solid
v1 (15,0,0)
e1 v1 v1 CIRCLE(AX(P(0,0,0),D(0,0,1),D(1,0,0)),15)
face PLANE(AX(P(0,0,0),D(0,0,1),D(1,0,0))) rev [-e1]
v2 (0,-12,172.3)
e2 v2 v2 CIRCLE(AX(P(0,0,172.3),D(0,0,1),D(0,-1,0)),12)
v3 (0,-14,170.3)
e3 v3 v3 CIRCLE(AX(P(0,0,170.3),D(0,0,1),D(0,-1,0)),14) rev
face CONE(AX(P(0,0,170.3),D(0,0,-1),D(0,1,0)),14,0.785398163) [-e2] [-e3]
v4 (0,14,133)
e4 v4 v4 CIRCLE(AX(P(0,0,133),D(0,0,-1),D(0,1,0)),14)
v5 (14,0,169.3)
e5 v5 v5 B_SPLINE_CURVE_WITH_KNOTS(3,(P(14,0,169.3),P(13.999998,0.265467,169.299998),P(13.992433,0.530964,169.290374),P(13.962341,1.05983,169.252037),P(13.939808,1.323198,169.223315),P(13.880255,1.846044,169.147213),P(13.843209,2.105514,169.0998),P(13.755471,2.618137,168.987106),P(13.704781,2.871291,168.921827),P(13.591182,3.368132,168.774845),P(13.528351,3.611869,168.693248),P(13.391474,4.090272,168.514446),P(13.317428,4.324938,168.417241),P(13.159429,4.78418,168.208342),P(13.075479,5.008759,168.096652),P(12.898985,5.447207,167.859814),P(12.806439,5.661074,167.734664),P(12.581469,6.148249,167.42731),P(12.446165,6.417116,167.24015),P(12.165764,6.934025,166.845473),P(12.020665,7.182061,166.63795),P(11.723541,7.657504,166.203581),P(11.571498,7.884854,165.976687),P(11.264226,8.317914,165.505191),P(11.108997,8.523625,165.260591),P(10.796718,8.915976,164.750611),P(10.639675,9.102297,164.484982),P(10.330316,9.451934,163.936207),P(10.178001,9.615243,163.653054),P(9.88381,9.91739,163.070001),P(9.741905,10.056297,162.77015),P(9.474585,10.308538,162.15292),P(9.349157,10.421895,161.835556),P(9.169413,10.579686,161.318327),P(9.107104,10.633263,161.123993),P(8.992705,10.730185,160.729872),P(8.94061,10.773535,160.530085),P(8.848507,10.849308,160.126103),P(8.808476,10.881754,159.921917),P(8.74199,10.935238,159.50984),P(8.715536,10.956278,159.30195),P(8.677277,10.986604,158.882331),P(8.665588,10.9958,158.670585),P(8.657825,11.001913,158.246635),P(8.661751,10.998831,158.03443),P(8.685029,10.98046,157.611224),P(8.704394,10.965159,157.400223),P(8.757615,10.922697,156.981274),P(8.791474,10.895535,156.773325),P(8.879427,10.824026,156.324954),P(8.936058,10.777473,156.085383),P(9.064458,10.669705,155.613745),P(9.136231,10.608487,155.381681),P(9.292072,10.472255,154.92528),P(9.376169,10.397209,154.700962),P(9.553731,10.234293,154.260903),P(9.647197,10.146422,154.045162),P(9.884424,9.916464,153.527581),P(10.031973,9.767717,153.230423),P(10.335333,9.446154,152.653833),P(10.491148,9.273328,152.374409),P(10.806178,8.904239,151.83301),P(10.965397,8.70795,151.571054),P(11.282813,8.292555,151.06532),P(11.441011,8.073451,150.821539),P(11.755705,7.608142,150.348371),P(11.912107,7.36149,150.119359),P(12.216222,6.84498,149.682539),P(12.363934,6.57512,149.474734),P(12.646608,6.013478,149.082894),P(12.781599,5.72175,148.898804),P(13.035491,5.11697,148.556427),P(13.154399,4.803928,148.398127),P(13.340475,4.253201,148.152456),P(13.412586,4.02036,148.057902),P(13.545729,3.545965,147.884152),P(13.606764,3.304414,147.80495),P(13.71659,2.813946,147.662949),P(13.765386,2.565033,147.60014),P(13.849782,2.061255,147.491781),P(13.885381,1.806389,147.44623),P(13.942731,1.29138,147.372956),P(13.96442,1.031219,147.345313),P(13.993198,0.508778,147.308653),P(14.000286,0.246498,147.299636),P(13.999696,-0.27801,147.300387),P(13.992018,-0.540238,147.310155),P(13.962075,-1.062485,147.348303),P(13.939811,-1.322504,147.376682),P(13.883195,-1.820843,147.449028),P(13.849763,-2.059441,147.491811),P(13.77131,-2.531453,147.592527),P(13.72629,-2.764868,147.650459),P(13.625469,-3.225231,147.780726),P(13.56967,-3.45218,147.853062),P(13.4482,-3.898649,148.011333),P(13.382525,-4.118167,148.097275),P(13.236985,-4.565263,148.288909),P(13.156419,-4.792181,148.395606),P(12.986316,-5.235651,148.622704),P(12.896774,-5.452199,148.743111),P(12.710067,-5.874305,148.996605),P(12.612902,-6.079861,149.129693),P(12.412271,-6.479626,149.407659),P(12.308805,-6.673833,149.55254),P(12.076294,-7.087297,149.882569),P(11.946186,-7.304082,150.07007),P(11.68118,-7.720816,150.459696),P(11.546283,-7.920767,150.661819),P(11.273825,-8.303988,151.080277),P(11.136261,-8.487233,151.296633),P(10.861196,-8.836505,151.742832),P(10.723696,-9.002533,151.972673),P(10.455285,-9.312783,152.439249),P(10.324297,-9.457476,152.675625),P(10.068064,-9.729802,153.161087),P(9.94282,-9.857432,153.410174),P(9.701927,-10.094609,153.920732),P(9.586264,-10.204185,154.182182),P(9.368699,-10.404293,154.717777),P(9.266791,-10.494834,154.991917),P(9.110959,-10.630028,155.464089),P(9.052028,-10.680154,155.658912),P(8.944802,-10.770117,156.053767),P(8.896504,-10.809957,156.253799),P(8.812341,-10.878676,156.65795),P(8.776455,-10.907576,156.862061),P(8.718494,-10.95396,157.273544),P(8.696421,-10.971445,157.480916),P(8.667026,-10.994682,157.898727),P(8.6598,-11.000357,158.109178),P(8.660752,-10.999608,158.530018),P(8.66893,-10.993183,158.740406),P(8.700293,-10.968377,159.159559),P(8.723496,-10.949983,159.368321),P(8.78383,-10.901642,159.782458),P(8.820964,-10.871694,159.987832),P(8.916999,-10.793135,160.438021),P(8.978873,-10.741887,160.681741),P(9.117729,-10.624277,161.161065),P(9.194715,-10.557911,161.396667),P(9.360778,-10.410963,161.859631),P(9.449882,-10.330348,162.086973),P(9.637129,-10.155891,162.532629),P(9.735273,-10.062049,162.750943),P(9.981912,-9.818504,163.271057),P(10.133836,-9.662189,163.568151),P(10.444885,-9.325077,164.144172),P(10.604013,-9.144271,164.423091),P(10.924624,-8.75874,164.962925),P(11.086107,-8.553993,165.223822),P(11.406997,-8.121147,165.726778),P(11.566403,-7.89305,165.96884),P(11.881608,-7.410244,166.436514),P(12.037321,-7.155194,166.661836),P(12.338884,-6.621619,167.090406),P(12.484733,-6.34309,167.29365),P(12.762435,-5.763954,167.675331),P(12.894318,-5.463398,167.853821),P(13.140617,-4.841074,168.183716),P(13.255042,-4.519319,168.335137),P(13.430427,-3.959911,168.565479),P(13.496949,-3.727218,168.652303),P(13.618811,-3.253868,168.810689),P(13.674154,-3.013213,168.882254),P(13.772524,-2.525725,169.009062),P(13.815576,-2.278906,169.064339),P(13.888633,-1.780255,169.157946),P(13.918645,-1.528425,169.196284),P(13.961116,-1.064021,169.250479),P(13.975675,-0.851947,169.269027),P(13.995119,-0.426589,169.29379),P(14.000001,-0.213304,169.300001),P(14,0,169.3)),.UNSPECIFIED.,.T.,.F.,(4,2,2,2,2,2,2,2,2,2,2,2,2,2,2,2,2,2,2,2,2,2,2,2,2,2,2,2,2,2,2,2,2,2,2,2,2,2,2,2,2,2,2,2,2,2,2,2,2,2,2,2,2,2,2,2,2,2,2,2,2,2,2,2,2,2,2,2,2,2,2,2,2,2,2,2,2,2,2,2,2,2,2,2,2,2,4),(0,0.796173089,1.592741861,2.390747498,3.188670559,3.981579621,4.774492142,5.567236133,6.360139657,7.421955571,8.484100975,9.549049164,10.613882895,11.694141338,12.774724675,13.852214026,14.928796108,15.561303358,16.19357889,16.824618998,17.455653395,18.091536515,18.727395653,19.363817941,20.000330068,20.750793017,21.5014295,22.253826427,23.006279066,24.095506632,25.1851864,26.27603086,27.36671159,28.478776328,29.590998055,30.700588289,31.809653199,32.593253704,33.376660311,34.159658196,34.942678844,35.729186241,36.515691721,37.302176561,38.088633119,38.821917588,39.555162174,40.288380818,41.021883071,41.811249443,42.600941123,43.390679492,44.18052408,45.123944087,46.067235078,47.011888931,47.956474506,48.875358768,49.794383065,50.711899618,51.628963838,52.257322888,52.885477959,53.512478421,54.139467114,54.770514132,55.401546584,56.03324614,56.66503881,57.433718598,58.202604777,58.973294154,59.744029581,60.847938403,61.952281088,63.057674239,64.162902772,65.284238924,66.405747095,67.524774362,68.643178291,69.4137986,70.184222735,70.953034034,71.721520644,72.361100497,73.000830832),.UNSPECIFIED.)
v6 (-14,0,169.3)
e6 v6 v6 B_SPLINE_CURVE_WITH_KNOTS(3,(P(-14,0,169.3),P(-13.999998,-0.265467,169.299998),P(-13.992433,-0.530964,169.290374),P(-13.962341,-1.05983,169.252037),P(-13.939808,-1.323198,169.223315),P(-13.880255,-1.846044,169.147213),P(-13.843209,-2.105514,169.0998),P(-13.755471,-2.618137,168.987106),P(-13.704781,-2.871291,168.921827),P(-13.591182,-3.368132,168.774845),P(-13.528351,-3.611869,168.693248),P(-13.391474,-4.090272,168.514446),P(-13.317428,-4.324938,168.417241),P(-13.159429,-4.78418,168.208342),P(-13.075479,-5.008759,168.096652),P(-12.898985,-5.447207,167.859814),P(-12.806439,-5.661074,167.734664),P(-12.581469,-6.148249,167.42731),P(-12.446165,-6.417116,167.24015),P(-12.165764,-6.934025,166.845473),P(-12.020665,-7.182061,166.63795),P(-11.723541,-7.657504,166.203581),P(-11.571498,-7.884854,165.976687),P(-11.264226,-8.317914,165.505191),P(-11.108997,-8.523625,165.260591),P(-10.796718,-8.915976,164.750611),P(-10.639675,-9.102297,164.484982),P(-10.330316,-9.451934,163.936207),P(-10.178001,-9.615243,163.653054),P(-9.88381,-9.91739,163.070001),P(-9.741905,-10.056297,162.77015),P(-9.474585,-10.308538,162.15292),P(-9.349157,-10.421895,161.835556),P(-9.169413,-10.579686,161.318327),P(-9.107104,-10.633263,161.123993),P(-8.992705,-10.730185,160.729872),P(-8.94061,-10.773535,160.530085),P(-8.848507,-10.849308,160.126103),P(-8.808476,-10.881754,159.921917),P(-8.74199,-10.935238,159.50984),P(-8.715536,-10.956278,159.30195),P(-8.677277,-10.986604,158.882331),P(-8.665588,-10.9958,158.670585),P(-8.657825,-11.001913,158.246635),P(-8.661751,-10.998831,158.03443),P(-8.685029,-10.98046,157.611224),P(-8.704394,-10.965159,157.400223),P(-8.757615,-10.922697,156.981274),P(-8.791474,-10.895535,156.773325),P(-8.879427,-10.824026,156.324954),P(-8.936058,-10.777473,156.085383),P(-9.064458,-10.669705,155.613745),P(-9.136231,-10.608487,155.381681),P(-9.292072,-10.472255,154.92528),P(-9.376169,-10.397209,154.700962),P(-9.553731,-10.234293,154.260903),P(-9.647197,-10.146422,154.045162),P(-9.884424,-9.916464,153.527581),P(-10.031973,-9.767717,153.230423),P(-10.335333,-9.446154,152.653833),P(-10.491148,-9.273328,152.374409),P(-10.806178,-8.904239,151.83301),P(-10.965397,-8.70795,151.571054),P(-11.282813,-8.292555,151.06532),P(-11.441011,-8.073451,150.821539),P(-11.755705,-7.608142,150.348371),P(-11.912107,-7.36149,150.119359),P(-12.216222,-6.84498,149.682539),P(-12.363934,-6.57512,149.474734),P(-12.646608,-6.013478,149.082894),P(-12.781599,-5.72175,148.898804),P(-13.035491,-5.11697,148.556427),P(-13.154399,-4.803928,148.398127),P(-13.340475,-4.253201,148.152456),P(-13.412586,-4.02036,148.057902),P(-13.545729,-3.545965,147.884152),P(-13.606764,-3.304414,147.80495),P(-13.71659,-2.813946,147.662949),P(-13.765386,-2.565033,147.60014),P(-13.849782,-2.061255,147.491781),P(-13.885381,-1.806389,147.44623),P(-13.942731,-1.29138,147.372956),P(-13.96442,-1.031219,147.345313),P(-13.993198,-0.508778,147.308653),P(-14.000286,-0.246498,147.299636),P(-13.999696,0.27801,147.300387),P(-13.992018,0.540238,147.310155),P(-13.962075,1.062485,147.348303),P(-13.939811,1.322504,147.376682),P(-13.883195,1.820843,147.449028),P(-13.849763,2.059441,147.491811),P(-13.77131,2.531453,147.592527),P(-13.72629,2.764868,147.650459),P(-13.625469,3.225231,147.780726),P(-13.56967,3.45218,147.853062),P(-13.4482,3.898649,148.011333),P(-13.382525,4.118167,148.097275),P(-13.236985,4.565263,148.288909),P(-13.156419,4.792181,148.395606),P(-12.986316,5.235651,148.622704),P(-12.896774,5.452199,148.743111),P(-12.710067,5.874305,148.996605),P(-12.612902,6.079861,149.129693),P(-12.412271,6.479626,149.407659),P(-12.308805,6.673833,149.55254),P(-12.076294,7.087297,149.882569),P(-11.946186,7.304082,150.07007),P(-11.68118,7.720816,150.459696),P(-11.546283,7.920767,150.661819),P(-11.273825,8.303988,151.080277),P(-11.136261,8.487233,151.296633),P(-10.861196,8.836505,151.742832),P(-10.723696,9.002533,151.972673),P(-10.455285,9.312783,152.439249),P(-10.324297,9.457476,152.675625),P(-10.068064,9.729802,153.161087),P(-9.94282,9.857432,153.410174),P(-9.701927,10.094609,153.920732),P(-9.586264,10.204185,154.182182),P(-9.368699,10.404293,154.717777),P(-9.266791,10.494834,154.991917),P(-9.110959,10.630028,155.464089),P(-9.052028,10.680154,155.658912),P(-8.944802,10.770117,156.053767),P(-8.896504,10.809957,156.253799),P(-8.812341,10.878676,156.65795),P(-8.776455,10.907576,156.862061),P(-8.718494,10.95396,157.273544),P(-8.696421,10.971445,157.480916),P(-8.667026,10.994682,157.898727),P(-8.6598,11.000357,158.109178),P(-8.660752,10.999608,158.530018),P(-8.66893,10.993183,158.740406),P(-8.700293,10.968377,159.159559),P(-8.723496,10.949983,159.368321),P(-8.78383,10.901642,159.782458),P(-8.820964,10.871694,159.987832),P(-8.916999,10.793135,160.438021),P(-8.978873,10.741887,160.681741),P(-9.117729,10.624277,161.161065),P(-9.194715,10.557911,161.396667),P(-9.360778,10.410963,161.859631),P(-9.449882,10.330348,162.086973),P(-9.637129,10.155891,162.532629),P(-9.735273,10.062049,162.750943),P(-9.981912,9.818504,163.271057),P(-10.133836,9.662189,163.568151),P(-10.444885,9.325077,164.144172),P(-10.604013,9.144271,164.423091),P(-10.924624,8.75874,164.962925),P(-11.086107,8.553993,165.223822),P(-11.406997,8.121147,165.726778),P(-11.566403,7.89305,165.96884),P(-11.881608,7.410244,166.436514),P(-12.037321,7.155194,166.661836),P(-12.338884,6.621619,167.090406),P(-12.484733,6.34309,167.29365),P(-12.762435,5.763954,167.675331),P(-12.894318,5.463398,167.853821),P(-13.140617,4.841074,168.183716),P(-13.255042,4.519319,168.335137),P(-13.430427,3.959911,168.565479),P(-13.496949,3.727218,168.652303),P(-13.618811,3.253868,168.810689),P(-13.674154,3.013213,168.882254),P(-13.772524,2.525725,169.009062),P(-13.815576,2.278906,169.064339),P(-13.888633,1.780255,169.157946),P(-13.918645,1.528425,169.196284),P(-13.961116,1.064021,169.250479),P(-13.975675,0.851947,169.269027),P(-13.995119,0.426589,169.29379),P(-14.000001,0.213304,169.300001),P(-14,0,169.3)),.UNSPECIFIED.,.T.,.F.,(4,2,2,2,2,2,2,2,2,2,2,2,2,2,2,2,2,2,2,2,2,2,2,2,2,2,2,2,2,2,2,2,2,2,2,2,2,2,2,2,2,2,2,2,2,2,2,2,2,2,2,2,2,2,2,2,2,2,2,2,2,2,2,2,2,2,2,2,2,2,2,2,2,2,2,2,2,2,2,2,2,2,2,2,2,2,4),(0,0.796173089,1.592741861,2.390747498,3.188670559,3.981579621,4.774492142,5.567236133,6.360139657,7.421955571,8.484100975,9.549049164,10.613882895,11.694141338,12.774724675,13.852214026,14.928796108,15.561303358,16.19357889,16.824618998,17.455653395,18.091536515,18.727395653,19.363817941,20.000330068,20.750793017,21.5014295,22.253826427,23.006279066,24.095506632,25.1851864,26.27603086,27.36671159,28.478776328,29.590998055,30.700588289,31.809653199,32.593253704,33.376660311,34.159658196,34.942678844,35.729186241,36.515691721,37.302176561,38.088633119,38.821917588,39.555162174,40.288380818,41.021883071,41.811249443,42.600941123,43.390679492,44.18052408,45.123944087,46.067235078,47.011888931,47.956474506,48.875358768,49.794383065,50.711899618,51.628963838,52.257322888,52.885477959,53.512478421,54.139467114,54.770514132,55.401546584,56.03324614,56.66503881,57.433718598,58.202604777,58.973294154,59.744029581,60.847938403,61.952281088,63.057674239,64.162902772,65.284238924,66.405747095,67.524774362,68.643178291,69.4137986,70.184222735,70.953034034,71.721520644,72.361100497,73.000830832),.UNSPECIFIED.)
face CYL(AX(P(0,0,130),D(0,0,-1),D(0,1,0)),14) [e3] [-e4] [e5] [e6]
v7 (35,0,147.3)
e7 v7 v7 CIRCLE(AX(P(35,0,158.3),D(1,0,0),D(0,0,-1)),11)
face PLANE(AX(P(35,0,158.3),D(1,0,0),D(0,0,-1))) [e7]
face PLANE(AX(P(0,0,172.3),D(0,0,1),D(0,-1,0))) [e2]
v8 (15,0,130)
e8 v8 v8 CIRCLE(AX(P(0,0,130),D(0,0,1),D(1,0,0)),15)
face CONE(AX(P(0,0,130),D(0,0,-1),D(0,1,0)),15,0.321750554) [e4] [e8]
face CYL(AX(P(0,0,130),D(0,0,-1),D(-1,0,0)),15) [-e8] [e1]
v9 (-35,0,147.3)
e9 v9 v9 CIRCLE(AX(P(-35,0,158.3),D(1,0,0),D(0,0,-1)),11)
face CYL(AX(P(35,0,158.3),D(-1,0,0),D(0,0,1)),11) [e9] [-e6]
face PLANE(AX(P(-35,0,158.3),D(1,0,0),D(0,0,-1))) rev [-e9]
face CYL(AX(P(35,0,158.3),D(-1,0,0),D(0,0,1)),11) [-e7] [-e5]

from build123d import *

# Parameters (mm, degrees)
SKETCH2_R           = 15
BOSS_EXTRUDE2_DEPTH = 130
SKETCH5_R           = 11
BOSS_EXTRUDE3_DEPTH = 35
CHAMFER1_SIZE       = 2


with BuildPart() as part:
    # Sketch2 → Boss-Extrude2 (new body)
    with BuildSketch(Plane.XY):
        Circle(SKETCH2_R)
    extrude(amount=BOSS_EXTRUDE2_DEPTH)

    # Sketch4 → Revolve1 (revolve)
    with BuildSketch(Plane(origin=(0, 0, 0), x_dir=(0, 0, -1), z_dir=(1, 0, 0))):
        Polygon((-130, 0), (-172.3, 0), (-172.3, 14), (-133, 14), (-130, 15), align=None)
    revolve(axis=Axis((0, 0, 130), (0, 0, 1)))

    # Sketch5 → Boss-Extrude3 (add, symmetric)
    with BuildSketch(Plane(origin=(0, 0, 0), x_dir=(0, 0, -1), z_dir=(1, 0, 0))):
        with Locations((-158.3, 0)):
            Circle(SKETCH5_R)
    extrude(amount=BOSS_EXTRUDE3_DEPTH, both=True)

    # Chamfer1
    chamfer1_edges = [part.edges().sort_by_distance(p)[0] for p in [
        (0, -14, 172.3),
    ]]
    chamfer(chamfer1_edges, length=CHAMFER1_SIZE)


solid = part.part
